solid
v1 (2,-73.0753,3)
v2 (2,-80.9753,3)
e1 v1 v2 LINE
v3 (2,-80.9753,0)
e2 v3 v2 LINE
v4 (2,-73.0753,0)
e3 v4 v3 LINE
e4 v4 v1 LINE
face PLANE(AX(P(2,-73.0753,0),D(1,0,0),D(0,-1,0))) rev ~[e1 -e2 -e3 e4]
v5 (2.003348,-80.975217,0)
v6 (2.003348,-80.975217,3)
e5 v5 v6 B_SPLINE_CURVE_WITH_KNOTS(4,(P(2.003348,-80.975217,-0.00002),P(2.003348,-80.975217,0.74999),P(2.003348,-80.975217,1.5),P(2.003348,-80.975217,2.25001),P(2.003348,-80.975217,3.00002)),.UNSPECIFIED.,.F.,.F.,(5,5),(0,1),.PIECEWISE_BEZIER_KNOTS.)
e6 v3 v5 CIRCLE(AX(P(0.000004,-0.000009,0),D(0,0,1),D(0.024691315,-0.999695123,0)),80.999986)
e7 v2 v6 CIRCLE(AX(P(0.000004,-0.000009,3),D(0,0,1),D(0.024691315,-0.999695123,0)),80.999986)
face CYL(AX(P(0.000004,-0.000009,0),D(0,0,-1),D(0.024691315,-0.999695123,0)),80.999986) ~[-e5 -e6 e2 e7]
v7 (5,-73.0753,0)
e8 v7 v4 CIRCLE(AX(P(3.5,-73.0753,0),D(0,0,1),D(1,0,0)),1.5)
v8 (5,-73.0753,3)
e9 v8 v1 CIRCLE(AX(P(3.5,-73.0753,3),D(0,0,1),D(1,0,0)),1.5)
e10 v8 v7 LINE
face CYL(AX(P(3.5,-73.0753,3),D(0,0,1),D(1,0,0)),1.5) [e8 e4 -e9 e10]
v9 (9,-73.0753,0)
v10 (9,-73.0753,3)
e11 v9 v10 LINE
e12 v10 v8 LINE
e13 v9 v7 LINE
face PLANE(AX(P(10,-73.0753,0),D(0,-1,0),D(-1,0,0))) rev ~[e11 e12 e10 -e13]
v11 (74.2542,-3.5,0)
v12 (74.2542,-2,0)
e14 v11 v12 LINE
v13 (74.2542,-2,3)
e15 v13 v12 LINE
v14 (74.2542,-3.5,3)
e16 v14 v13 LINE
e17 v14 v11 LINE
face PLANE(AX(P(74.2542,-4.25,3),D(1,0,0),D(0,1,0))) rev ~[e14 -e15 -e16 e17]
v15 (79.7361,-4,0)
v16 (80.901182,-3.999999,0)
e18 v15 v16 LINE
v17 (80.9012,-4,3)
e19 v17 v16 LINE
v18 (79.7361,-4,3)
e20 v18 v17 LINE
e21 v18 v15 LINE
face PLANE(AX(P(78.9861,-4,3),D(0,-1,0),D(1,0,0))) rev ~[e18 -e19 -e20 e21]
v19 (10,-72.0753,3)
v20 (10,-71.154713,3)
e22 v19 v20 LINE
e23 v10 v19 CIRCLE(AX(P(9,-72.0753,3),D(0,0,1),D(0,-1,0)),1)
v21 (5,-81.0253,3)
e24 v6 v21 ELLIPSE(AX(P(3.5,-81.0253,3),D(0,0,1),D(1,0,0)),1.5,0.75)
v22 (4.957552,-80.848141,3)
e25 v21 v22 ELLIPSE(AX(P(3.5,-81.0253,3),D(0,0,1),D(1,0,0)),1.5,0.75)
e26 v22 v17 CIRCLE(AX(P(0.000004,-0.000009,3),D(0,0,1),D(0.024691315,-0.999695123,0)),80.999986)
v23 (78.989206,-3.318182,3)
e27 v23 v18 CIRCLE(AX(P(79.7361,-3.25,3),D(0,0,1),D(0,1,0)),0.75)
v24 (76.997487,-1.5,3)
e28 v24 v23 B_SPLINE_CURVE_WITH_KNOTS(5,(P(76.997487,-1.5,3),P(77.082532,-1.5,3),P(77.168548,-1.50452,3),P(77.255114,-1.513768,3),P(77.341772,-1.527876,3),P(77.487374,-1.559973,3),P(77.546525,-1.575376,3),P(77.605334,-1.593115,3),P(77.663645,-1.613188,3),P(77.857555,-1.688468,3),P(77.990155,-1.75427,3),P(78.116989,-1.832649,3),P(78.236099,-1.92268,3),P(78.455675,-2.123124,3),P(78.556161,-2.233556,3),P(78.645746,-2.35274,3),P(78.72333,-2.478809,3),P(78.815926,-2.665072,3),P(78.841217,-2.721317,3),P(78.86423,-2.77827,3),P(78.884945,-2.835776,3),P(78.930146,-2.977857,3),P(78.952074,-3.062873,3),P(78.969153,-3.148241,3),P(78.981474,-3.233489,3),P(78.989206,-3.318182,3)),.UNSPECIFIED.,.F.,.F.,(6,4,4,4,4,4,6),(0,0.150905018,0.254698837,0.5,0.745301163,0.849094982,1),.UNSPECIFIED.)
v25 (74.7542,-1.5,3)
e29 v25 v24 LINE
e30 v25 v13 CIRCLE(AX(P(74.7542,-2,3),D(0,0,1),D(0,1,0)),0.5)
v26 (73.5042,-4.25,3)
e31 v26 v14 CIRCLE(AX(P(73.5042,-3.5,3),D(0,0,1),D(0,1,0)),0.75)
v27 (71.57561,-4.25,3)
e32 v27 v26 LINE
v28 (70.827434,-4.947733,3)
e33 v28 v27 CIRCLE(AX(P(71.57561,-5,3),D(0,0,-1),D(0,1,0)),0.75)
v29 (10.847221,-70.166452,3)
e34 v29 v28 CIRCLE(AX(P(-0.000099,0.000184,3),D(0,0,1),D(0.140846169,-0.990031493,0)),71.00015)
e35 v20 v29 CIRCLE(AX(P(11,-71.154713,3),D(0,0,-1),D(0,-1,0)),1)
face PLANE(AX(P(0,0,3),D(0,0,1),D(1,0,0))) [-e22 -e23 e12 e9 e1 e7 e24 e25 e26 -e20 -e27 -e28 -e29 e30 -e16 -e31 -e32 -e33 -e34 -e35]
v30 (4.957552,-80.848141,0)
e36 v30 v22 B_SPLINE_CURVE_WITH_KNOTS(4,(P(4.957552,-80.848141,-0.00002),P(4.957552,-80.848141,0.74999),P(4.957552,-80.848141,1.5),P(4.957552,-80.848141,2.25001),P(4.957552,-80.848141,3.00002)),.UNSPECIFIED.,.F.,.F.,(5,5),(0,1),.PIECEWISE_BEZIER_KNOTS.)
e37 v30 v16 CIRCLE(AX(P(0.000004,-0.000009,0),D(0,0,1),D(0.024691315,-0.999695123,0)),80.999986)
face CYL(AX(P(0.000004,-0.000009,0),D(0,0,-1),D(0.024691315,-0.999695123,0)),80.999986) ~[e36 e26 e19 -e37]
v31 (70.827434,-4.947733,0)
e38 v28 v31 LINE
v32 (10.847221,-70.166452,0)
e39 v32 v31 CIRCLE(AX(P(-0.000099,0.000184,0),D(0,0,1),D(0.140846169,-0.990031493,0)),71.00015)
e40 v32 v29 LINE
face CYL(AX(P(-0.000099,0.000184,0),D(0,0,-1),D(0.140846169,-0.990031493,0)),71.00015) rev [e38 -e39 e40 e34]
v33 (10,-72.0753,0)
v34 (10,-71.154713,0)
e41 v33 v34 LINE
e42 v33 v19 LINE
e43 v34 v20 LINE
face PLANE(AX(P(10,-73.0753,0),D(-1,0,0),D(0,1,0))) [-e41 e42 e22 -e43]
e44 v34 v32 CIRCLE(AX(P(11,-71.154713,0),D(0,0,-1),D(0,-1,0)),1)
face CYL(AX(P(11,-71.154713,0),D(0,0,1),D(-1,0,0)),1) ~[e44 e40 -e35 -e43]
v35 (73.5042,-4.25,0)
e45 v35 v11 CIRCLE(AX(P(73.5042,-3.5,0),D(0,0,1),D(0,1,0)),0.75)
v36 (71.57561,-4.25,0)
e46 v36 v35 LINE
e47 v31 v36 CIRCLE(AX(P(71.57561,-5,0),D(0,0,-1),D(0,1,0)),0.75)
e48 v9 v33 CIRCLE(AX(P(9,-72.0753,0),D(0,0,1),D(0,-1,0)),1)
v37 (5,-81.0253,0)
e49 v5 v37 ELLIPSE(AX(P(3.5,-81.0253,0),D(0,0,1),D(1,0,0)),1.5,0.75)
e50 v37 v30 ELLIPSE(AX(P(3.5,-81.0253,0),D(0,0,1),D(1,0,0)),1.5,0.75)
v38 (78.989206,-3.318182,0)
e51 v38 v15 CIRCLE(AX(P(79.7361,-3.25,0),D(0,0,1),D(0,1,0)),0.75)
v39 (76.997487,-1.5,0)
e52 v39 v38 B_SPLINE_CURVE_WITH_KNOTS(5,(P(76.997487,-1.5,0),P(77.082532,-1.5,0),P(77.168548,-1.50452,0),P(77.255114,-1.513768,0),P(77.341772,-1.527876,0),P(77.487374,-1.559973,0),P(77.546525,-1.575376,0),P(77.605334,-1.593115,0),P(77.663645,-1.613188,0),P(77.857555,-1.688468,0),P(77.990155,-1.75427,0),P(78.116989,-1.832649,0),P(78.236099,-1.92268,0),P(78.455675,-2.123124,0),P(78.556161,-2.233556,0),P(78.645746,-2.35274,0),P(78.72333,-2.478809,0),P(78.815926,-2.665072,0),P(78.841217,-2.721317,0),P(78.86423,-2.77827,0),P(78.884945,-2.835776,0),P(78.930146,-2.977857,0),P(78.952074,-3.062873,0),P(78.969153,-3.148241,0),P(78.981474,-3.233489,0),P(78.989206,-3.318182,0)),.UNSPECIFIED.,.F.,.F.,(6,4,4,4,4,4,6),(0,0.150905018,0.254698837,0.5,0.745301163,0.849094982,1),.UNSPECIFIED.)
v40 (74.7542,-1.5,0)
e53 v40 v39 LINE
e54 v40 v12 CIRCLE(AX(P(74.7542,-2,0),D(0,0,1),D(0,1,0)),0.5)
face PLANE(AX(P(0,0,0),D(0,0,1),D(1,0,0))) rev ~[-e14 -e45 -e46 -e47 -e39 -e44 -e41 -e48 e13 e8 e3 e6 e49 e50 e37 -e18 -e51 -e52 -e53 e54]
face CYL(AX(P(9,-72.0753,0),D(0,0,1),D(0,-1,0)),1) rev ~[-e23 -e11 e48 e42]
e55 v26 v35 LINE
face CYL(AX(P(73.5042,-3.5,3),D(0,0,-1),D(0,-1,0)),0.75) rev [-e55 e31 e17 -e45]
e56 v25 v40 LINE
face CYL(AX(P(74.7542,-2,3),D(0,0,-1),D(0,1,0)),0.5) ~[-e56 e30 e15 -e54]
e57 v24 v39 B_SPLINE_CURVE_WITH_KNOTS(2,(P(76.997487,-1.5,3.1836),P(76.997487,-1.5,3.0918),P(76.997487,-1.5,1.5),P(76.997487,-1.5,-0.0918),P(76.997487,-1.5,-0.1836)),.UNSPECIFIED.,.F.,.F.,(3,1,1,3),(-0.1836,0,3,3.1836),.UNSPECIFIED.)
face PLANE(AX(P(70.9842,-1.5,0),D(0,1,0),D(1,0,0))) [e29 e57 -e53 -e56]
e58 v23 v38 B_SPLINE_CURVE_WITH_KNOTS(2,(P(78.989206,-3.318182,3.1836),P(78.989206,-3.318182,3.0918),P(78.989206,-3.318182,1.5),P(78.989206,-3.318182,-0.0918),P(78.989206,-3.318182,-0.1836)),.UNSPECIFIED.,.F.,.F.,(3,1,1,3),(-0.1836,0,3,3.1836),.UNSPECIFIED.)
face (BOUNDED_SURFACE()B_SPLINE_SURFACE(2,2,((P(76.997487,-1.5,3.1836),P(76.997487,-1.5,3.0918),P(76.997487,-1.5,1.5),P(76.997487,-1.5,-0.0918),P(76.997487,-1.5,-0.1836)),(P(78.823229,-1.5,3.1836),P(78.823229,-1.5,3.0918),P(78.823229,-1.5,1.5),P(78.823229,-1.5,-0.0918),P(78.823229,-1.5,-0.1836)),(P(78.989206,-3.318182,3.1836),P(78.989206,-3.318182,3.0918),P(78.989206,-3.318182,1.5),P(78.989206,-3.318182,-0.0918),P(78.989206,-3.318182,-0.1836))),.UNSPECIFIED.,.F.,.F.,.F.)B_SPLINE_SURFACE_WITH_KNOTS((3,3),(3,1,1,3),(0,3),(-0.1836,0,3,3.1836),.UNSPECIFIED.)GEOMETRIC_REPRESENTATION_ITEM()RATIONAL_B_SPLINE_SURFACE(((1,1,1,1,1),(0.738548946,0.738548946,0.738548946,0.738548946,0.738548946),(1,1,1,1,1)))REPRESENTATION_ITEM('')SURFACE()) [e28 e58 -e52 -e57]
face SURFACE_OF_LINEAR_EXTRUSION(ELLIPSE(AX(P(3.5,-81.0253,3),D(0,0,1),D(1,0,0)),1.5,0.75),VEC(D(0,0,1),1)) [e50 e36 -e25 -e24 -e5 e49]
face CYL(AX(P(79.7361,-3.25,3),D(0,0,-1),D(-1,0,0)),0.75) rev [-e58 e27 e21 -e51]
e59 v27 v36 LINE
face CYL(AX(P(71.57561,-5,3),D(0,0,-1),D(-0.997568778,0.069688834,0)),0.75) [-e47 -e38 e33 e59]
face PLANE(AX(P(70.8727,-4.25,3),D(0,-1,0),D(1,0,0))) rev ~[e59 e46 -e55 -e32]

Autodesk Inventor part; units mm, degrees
ref_plane "YZ Plane" through (0, 0, 0) normal (1, 0, 0) x (0, 1, 0)
ref_plane "XZ Plane" through (0, 0, 0) normal (0, 1, 0) x (-1, 0, 0)
ref_plane "XY Plane" through (0, 0, 0) normal (0, 0, 1) x (1, 0, 0)
sketch "Sketch1" plane through (0, 0, 0) normal (0, 0, 1) x (1, 0, 0)
  arc A0 (2, -80.9753) -> (80.9861, -1.5) centre (0, 0) ccw
  arc A1 (10, -70.2922) -> (70.9842, -1.5) centre (0, 0) ccw
  line L0 (10, -73.0753) -> (10, -70.2922)
  line L1 (70.9842, -1.5) -> (80.9861, -1.5)
  line L2 (0, 0) -> (0, 0) construction
  line L3 (10, -73.0753) -> (2, -73.0753)
  line L4 (2, -73.0753) -> (2, -80.9753)
  point P0 (75.9851, -1.5)
  dimension "d0" = 162
  dimension "d1" = 142
  dimension "d12" = 8
  dimension "d13" = 2
  dimension "d14" = 7.9
  dimension "d23" = 1.5
extrude "Extrusion1" add sketch "Sketch1" along normal blind 3
sketch "Sketch3" plane through (0, 0, 3) normal (0, 0, 1) x (1, 0, 0)
  line L0 (10, -73.0753) -> (2, -73.0753) projected
  circle A0 centre (3.5, -73.0753) radius 1.5
  line L1 (2, -73.0753) -> (2, -80.9753) construction
  line L2 (2, -77.0253) -> (11.8753, -77.0253) construction
  ellipse E0 centre (3.5, -81.0253) end of major axis (5, -81.0253) minor radius 0.75
  point P0 (0, 0)
  point P1 (5, -73.0753)
  dimension "d15" = 3
  dimension "d16" = 1.5
  dimension "d20" = 0.75
  dimension "d21" = 1.5
  dimension "d22" = 4
extrude "Extrusion3" add sketch "Sketch3" against normal up to surface (3 mm away) contours L0 A0 | E0 picked at (3.784, -72.1991)
fillet "Fillet1" radius 1 2 edges at (10, -73.0753, 1.5) (10, -70.2922, 1.5)
sketch "Sketch4" plane through (0, 0, 3) normal (0, 0, 1) x (1, 0, 0)
  line L0 (80.9861, -1.5) -> (70.9842, -1.5) projected
  line L1 (80.9861, -1.5) -> (78.9861, -1.5)
  line L2 (78.9861, -4) -> (80.9012, -4)
  arc A0 (4.9576, -80.8481) -> (80.9861, -1.5) centre (0, 0) ccw projected
  arc A1 (80.9012, -4) -> (80.9861, -1.5) centre (0, 0) ccw
  line L3 (78.9861, -1.5) -> (78.9861, -4)
  line L4 (74.2542, -1.5) -> (70.9842, -1.5)
  arc A2 (10.8472, -70.1665) -> (70.9842, -1.5) centre (0, 0) ccw projected
  arc A3 (70.8727, -4.25) -> (70.9842, -1.5) centre (0, 0) ccw
  line L5 (70.8727, -4.25) -> (74.2542, -4.25)
  line L6 (74.2542, -4.25) -> (74.2542, -1.5)
  point P0 (10, -70.2922)
  dimension "d25" = 2.5
  dimension "d30" = 2
  dimension "d31" = 2.75
  dimension "d32" = 3.27
extrude "Extrusion4" cut sketch "Sketch4" against normal blind 10
fillet "Fillet3" radius 0.75 3 edges at (70.8727, -4.25, 1.5) (74.2542, -4.25, 1.5) (78.9861, -4, 1.5)
fillet "Fillet4" radius 2 1 edges at (78.9861, -1.5, 1.5)
fillet "Fillet5" radius 0.5 1 edges at (74.2542, -1.5, 1.5)
equation "\"d16\" = 0.5 * d15"
properties part number "shim_cartridge_V3"
